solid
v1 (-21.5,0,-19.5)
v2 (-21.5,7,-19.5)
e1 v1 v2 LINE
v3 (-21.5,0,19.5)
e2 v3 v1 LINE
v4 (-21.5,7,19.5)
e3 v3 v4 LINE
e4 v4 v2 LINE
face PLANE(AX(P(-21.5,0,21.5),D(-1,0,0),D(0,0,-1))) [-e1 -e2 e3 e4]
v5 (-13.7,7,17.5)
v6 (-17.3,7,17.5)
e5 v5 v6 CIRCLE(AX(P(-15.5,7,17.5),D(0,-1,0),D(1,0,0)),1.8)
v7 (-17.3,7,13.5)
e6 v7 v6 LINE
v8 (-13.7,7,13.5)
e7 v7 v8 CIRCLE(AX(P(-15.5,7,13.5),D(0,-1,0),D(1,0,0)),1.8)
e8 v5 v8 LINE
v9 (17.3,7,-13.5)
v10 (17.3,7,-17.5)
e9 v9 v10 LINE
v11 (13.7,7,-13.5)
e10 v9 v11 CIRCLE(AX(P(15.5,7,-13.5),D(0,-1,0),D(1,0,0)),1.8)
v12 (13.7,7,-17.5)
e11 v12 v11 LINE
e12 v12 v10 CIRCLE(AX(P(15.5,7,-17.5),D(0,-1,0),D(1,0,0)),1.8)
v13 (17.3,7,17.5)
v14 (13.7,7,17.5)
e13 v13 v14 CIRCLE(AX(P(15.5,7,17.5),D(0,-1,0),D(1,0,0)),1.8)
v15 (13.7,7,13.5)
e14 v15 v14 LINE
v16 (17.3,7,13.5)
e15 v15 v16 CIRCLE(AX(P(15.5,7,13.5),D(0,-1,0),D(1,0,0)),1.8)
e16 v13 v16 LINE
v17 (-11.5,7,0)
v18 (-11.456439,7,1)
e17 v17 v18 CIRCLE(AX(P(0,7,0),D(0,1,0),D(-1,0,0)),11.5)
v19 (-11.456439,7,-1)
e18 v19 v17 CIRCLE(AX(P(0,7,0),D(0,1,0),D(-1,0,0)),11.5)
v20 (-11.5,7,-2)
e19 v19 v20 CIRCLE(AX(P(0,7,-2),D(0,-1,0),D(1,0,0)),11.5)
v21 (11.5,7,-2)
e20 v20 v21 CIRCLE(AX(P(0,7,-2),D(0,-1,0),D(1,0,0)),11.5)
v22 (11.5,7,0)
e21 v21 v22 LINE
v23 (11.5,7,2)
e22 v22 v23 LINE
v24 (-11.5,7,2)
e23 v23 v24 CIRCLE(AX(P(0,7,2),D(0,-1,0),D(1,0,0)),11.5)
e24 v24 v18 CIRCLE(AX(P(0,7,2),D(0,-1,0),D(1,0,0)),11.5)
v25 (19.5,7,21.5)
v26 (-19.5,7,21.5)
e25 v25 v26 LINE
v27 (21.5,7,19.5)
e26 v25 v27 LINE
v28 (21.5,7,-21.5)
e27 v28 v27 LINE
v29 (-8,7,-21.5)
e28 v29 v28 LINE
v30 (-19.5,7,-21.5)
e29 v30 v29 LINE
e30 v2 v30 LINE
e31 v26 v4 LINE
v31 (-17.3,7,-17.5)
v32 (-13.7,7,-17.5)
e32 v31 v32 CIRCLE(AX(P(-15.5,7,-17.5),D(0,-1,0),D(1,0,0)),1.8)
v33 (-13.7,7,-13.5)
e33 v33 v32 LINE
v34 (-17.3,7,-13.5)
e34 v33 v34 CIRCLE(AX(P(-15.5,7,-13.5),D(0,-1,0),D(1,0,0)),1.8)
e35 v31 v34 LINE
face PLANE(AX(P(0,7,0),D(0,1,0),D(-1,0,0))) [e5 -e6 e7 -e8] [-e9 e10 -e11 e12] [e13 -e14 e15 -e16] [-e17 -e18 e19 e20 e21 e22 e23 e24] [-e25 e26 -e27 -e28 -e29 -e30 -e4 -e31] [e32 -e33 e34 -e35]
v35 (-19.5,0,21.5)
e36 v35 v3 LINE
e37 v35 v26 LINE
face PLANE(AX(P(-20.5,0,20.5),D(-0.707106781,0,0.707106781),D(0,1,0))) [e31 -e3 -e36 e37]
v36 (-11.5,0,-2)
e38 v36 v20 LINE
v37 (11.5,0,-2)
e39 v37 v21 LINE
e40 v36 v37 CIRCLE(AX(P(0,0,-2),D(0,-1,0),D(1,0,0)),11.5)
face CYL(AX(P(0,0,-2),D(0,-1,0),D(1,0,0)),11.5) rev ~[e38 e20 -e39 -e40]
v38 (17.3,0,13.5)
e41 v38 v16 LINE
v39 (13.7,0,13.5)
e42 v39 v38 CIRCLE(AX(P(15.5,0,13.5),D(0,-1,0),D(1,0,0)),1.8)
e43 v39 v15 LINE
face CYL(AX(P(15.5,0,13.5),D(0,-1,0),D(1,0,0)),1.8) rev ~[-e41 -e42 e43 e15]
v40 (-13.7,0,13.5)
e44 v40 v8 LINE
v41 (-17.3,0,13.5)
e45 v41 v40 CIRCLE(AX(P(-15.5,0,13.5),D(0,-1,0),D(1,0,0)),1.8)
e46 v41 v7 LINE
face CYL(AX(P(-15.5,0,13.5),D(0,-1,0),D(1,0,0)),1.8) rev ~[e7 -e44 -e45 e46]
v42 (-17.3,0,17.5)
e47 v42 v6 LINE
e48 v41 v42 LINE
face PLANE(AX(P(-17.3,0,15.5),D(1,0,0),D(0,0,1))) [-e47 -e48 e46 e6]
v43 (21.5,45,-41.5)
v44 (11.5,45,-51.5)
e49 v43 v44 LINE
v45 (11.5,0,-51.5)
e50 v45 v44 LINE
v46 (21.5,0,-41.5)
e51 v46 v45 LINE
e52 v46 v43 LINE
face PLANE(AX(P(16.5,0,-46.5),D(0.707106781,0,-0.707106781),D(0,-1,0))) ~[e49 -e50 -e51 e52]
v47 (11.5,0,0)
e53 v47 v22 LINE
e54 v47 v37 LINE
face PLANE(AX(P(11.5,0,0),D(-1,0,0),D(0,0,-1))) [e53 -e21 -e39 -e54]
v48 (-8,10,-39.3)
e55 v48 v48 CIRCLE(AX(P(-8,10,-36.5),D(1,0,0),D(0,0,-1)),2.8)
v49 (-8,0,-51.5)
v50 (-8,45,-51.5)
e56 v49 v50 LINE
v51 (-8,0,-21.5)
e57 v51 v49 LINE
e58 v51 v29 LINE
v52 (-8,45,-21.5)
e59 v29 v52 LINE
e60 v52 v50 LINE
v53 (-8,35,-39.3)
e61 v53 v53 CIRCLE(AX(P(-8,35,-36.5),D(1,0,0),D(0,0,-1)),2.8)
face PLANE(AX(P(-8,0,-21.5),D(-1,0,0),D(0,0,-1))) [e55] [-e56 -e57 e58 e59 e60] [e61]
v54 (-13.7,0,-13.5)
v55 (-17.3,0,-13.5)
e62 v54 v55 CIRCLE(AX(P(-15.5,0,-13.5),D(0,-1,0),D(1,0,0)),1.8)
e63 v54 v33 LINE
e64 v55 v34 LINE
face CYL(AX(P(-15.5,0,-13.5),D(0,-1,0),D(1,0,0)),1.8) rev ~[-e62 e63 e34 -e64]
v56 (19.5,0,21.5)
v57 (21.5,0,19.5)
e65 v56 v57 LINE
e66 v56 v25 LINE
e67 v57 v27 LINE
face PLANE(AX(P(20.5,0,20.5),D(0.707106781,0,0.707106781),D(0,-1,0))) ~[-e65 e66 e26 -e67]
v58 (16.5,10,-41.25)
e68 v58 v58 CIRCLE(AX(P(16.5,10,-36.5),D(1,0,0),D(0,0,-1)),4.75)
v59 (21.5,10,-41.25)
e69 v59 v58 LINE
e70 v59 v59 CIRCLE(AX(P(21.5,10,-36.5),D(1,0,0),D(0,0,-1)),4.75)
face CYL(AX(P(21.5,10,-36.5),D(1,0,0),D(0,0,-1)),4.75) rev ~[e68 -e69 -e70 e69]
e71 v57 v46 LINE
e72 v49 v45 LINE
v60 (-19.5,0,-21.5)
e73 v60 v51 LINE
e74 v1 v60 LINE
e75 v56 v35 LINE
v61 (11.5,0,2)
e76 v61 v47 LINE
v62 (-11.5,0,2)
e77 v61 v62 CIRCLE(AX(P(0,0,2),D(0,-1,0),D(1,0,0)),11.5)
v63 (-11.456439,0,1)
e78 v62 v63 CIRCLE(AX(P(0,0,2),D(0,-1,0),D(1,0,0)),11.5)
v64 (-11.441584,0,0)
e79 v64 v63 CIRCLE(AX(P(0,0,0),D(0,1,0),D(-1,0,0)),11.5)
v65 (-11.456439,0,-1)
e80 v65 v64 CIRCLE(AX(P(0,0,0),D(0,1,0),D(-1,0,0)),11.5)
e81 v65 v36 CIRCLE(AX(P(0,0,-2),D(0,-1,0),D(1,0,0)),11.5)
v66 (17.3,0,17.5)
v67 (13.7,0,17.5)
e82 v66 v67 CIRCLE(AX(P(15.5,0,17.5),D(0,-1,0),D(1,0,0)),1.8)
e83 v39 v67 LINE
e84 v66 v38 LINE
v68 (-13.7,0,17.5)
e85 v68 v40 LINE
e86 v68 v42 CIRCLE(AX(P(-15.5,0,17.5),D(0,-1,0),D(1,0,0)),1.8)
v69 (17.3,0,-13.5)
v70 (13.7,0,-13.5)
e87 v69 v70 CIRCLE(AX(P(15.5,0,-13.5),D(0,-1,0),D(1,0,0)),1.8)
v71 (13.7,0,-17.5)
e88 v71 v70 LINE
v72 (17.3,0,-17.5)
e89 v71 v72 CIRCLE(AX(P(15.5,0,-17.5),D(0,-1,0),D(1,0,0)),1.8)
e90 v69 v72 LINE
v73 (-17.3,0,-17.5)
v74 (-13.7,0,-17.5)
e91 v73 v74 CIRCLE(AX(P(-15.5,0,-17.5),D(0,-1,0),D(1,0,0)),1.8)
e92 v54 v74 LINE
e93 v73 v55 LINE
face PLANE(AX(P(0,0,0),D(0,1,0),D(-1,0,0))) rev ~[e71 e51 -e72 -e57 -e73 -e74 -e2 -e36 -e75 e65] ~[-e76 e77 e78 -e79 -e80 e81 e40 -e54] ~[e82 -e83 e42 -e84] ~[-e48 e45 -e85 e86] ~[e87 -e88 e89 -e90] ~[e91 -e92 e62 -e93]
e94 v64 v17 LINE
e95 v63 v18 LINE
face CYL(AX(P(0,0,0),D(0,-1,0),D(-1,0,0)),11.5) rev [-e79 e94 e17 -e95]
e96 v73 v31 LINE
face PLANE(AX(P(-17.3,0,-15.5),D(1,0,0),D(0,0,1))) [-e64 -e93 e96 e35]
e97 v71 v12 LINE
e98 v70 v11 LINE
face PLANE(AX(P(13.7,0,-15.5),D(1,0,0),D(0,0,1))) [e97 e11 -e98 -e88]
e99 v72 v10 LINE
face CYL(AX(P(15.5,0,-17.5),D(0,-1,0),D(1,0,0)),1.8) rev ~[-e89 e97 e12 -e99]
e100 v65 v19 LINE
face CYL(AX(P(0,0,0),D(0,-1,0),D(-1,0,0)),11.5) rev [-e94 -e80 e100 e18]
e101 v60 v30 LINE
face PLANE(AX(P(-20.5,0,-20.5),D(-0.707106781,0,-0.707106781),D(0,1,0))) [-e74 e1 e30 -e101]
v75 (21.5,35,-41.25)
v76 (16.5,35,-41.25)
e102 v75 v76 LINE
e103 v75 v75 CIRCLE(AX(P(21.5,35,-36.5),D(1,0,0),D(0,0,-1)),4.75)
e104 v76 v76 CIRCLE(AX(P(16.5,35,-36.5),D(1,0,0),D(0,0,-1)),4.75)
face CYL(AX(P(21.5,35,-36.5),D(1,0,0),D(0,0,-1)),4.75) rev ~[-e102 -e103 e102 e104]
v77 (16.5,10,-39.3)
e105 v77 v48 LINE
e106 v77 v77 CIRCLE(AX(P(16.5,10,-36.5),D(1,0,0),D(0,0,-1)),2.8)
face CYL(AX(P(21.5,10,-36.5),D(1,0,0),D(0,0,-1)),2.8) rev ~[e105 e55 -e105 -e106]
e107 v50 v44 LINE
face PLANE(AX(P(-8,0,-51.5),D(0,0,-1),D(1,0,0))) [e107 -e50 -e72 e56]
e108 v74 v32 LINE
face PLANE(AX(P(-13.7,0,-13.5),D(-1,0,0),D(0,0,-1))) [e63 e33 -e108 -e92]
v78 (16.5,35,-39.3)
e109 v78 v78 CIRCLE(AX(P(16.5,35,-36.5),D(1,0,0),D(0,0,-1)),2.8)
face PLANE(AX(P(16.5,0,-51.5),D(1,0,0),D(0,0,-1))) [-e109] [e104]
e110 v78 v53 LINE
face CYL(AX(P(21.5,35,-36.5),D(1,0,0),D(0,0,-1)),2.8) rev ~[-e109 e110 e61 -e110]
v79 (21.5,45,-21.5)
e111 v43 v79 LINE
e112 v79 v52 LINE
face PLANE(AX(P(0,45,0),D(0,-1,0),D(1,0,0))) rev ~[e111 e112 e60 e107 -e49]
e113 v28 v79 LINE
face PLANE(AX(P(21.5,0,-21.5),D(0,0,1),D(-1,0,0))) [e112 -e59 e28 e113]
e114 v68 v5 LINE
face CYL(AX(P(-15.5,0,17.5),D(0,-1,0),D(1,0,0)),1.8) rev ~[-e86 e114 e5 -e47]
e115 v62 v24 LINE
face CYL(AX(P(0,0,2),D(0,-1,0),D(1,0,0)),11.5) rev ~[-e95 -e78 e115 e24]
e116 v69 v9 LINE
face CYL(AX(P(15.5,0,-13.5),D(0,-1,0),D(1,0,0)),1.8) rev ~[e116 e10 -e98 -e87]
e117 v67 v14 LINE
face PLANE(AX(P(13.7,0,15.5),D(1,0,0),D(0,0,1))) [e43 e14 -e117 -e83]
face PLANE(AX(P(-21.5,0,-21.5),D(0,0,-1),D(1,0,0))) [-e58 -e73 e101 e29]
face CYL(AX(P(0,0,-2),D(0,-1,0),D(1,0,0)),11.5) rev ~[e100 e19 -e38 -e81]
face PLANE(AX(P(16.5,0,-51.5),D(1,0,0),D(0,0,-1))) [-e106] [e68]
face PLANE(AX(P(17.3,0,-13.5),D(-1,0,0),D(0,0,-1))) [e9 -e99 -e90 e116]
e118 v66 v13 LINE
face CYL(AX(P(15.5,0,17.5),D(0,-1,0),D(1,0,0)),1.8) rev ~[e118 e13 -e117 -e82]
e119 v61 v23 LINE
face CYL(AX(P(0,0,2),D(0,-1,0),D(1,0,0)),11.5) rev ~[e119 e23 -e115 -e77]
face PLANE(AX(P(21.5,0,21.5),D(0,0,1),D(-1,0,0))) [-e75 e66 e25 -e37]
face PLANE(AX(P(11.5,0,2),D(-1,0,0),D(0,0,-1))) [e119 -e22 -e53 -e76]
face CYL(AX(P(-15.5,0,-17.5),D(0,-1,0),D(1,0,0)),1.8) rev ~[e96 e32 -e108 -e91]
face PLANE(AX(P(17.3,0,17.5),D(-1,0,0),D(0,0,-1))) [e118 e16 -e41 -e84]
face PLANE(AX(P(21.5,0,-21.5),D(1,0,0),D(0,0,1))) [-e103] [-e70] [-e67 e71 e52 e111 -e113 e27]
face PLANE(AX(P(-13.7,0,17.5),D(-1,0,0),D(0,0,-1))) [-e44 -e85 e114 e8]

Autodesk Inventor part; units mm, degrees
ref_plane "YZ Plane" through (0, 0, 0) normal (1, 0, 0) x (0, 1, 0)
ref_plane "XZ Plane" through (0, 0, 0) normal (0, 1, 0) x (-1, 0, 0)
ref_plane "XY Plane" through (0, 0, 0) normal (0, 0, 1) x (1, 0, 0)
sketch "Sketch1" plane through (0, 0, 0) normal (0, 1, 0) x (-1, 0, 0)
  line L0 (-21.5, 21.5) -> (21.5, 21.5)
  line L1 (21.5, 21.5) -> (21.5, -21.5)
  line L2 (21.5, -21.5) -> (-21.5, -21.5)
  line L3 (-21.5, -21.5) -> (-21.5, 21.5)
  line L4 (-21.5, 21.5) -> (21.5, -21.5) construction
  line L5 (21.5, 21.5) -> (-21.5, -21.5) construction
  circle A0 centre (0, 0) radius 11.5
  circle A1 centre (15.5, 15.5) radius 1.8
  circle A2 centre (-15.5, 15.5) radius 1.8
  circle A3 centre (-15.5, -15.5) radius 1.8
  circle A4 centre (15.5, -15.5) radius 1.8
  dimension "d0" = 23
  dimension "d1" = 43
  dimension "d2" = 43
  dimension "d3" = 3.6
  dimension "d5" = 31
  dimension "d6" = 31
extrude "Extrusion1" add sketch "Sketch1" along normal blind 7
sketch "Sketch6" plane through (0, 0, 0) normal (0, -1, 0) x (1, 0, 0)
  line L0 (21.5, -21.5) -> (-21.5, -21.5) projected
  line L1 (-8, -21.5) -> (-8, -51.5)
  line L2 (21.5, -21.5) -> (-8, -21.5)
  line L3 (-8, -21.5) -> (-8, -51.5)
  line L4 (-8, -51.5) -> (21.5, -51.5)
  line L5 (21.5, -51.5) -> (21.5, -21.5)
  point P0 (0, 0)
  dimension "d26" = 8
  dimension "d27" = 30
extrude "Extrusion5" add sketch "Sketch6" against normal blind 45
chamfer "Chamfer1" distance 2 angle 45 3 edges at (21.5, 3.5, 21.5) (-21.5, 3.5, 21.5) (-21.5, 3.5, -21.5)
sketch "Sketch7" plane through (21.5, 0, -51.5) normal (1, 0, 0) x (0, 0, -1)
  circle A0 centre (-15, 35) radius 2.8
  circle A1 centre (-15, 10) radius 2.8
  line L0 (0, 0) -> (0, 45) projected
  line L1 (-71, 7) -> (-30, 7) projected
  line L2 (-71, 0) -> (0, 0) projected
  line L3 (-30, 45) -> (0, 45) projected
  point P0 (-51.5, 0)
  dimension "d33" = 5.6
  dimension "d34" = 5.6
  dimension "d35" = 15
  dimension "d37" = 10
  dimension "d38" = 10
extrude "Extrusion6" cut sketch "Sketch7" against normal through all
sketch "Sketch8" plane through (21.5, 0, -51.5) normal (1, 0, 0) x (0, 0, -1)
  circle A0 centre (-15, 35) radius 2.8 projected
  circle A1 centre (-15, 35) radius 4.75
  circle A2 centre (-15, 10) radius 2.8 projected
  circle A3 centre (-15, 10) radius 4.75
  point P0 (-51.5, 0)
  dimension "d41" = 9.5
  dimension "d42" = 9.5
extrude "Extrusion7" cut sketch "Sketch8" against normal blind 5 contours A0 | A1 | A2 | A3
chamfer "Chamfer2" distance 10 angle 45 1 edges at (21.5, 22.5, -51.5)
sketch "Sketch9" plane through (0, 0, 0) normal (0, -1, 0) x (1, 0, 0)
  line L0 (13.7, 17.5) -> (17.3, 17.5)
  line L1 (17.3, 17.5) -> (17.3, 13.5)
  line L2 (17.3, 13.5) -> (13.7, 13.5)
  line L3 (13.7, 13.5) -> (13.7, 17.5)
  circle A0 centre (15.5, 15.5) radius 1.8 projected
  line L4 (13.7, 17.5) -> (17.3, 13.5) construction
  line L5 (17.3, 17.5) -> (13.7, 13.5) construction
  line L6 (13.7, -13.5) -> (17.3, -13.5)
  line L7 (17.3, -13.5) -> (17.3, -17.5)
  line L8 (17.3, -17.5) -> (13.7, -17.5)
  line L9 (13.7, -17.5) -> (13.7, -13.5)
  circle A1 centre (15.5, -15.5) radius 1.8 projected
  line L10 (13.7, -13.5) -> (17.3, -17.5) construction
  line L11 (17.3, -13.5) -> (13.7, -17.5) construction
  line L12 (-17.3, 17.5) -> (-13.7, 17.5)
  line L13 (-13.7, 17.5) -> (-13.7, 13.5)
  line L14 (-13.7, 13.5) -> (-17.3, 13.5)
  line L15 (-17.3, 13.5) -> (-17.3, 17.5)
  circle A2 centre (-15.5, 15.5) radius 1.8 projected
  line L16 (-17.3, 17.5) -> (-13.7, 13.5) construction
  line L17 (-13.7, 17.5) -> (-17.3, 13.5) construction
  line L18 (-17.3, -13.5) -> (-13.7, -13.5)
  line L19 (-13.7, -13.5) -> (-13.7, -17.5)
  line L20 (-13.7, -17.5) -> (-17.3, -17.5)
  line L21 (-17.3, -17.5) -> (-17.3, -13.5)
  circle A3 centre (-15.5, -15.5) radius 1.8 projected
  line L22 (-17.3, -13.5) -> (-13.7, -17.5) construction
  line L23 (-13.7, -13.5) -> (-17.3, -17.5) construction
  circle A4 centre (15.5, 17.5) radius 1.8
  circle A5 centre (15.5, -17.5) radius 1.8
  circle A6 centre (15.5, -13.5) radius 1.8
  circle A7 centre (-15.5, -17.5) radius 1.8
  circle A8 centre (-15.5, -13.5) radius 1.8
  circle A9 centre (-15.5, 13.5) radius 1.8
  circle A10 centre (-15.5, 17.5) radius 1.8
  circle A11 centre (15.5, 13.5) radius 1.8
  point P0 (0, 0)
  point P1 (-17.3, 17.5)
  point P2 (13.7, 17.5)
  point P3 (17.3, 13.5)
  dimension "d48" = 4
  dimension "d49" = 4
extrude "Extrusion8" cut sketch "Sketch9" against normal blind 10
sketch "Sketch10" plane through (0, 0, 0) normal (0, -1, 0) x (1, 0, 0)
  line L0 (-11.5, 2) -> (11.5, 2)
  line L1 (11.5, 2) -> (11.5, -2)
  line L2 (11.5, -2) -> (-11.5, -2)
  line L3 (-11.5, -2) -> (-11.5, 2)
  line L4 (-11.5, 2) -> (11.5, -2) construction
  line L5 (11.5, 2) -> (-11.5, -2) construction
  circle A0 centre (0, -2) radius 11.5
  circle A1 centre (0, 2) radius 11.5
  circle A2 centre (0, 0) radius 11.5 projected
  point P0 (11.3248, 2)
  point P1 (-11.3248, 2)
  point P2 (-11.3248, -2)
  point P3 (11.3248, -2)
  point P4 (-11.5, 0)
  point P5 (11.5, 0)
  dimension "d52" = 4
extrude "Extrusion9" cut sketch "Sketch10" against normal blind 10
sketch "Sketch4" plane through (21.5, 0, 21.5) normal (1, 0, 0) x (0, 0, -1)
  line L0 (43, 45) -> (73, 45)
  line L1 (73, 45) -> (73, 0)
  line L2 (73, 0) -> (43, 0)
  line L3 (43, 0) -> (43, 45)
  line L4 (0, 0) -> (43, 0) projected
  line L5 (43, 0) -> (43, 7) projected
  point P0 (21.5, 0)
  dimension "d17" = 30
  dimension "d18" = 45
sketch "Sketch5" plane through (21.5, 0, 21.5) normal (1, 0, 0) x (0, 0, -1)
  circle A0 centre (58, 33) radius 2.75
  circle A1 centre (58, 12) radius 2.75
  line L0 (73, 45) -> (43, 45) projected
  line L1 (0, 0) -> (73, 0) projected
  point P0 (21.5, 0)
  dimension "d21" = 12
  dimension "d22" = 12
  dimension "d23" = 5.5
properties part number "ymotorholder"
